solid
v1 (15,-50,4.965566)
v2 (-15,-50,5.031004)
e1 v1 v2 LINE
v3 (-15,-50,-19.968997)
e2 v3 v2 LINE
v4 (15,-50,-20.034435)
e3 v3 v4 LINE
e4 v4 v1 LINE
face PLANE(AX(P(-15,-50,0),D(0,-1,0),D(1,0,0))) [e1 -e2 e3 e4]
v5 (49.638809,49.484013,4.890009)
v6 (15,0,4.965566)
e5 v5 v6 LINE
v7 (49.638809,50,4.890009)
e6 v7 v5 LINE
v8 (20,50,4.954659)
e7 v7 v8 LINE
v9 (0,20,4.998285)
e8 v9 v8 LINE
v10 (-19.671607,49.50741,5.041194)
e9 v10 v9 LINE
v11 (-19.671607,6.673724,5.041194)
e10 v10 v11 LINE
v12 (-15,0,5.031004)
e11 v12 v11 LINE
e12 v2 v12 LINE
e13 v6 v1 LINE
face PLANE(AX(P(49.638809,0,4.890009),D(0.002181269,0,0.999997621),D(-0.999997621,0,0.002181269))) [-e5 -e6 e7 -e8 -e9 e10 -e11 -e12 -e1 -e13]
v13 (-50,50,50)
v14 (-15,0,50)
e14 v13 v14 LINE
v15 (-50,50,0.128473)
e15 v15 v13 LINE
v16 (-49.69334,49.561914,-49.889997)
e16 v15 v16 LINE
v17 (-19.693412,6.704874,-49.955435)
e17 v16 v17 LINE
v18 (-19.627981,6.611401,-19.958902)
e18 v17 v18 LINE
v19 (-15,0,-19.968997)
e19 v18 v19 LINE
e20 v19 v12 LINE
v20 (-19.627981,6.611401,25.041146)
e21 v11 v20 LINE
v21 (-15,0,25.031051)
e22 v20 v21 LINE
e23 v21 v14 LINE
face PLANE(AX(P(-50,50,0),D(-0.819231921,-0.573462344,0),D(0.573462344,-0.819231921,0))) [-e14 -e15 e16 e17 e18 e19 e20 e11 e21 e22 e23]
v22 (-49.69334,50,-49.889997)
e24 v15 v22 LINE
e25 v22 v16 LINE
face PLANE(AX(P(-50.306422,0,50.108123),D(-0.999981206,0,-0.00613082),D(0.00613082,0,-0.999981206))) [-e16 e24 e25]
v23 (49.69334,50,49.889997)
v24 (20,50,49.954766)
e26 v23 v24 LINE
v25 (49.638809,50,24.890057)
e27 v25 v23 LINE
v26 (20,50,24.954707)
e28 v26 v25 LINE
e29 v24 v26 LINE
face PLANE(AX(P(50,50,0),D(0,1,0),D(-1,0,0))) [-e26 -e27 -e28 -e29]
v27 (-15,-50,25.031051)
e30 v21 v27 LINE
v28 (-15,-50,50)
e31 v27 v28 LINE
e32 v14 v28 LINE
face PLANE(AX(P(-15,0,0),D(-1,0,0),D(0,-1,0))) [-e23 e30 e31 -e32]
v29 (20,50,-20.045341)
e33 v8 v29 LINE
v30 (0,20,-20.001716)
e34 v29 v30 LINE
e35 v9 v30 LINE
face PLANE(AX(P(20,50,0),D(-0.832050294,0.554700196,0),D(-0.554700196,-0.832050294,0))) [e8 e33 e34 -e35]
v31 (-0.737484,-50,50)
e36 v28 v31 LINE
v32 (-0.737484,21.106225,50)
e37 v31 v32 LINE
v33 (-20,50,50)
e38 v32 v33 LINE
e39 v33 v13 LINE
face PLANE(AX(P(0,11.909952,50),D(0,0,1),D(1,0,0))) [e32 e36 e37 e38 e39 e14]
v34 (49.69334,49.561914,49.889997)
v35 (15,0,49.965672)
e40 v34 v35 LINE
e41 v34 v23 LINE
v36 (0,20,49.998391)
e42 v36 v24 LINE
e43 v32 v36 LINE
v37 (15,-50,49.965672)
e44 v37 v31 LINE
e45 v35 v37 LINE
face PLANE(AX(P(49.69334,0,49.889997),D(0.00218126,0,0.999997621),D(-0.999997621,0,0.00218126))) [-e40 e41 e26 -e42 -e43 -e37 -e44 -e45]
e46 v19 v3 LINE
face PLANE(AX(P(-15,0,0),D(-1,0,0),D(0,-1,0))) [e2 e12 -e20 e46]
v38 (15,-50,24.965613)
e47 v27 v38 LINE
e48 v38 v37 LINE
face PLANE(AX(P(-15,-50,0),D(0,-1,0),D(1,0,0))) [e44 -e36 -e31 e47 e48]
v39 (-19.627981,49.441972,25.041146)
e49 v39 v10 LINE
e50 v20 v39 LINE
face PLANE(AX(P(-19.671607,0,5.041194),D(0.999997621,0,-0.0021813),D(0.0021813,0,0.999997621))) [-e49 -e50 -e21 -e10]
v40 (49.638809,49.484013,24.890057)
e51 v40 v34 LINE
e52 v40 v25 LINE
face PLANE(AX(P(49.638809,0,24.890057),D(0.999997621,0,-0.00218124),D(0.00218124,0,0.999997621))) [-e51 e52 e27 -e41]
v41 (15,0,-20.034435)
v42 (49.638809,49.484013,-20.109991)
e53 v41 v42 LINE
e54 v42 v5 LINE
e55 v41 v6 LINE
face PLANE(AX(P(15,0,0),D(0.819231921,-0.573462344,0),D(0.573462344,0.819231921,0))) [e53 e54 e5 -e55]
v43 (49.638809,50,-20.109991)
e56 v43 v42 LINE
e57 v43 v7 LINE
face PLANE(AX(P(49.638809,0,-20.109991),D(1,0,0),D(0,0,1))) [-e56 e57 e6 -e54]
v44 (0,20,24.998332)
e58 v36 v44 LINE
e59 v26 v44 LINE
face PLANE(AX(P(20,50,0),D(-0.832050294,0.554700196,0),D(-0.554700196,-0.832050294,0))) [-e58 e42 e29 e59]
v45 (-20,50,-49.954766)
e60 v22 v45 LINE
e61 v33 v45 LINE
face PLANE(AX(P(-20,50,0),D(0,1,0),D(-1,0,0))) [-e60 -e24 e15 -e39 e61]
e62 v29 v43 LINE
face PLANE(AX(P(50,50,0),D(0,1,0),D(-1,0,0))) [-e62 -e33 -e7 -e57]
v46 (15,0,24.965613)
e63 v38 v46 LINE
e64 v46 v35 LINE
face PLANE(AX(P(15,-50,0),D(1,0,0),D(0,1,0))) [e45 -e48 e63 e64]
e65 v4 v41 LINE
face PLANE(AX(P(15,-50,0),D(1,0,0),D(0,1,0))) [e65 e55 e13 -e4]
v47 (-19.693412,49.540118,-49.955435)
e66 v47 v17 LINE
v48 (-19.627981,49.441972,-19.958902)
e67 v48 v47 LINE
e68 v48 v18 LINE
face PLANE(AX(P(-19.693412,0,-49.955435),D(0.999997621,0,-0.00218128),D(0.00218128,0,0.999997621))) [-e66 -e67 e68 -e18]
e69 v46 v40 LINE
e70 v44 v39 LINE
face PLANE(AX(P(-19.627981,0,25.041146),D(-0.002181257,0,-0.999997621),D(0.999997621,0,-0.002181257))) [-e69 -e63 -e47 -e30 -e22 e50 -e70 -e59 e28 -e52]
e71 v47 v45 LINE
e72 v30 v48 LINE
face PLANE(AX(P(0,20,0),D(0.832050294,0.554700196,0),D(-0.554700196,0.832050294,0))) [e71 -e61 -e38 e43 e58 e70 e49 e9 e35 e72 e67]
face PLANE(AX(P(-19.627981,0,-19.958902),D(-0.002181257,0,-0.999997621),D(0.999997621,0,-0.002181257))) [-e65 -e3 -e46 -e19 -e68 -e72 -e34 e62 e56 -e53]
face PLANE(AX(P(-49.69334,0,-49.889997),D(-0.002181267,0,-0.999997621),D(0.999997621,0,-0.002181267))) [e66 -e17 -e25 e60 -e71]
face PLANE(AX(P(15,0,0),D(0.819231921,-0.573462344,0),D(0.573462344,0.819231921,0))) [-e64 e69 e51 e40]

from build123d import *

# Parameters (mm, degrees)
F2_DEPTH = 50
F3_DEPTH = 50


with BuildPart() as f2:
    # F0 (on Top) → F2 (new body, symmetric)
    with BuildSketch(Plane.XY):
        Polygon((-20, 50), (-50, 50), (-15, 0), (-15, -50), (15, -50), (15, 0), (50, 50), (20, 50), (0, 20), align=None)
    extrude(amount=F2_DEPTH, both=True)

    # F1 (on Front) → F3 (intersect, symmetric)
    with BuildSketch(Plane.XZ):
        Polygon((49.69334, 49.889997), (-50.306422, 50.108123), (-49.69334, -49.889997), (-19.693412, -49.955435), (-19.627981, -19.958902), (49.638809, -20.109991), (49.638809, 4.890009), (-19.671607, 5.041194), (-19.627981, 25.041146), (49.638809, 24.890057), align=None)
    extrude(amount=F3_DEPTH, both=True, mode=Mode.INTERSECT)


solid = f2.part
